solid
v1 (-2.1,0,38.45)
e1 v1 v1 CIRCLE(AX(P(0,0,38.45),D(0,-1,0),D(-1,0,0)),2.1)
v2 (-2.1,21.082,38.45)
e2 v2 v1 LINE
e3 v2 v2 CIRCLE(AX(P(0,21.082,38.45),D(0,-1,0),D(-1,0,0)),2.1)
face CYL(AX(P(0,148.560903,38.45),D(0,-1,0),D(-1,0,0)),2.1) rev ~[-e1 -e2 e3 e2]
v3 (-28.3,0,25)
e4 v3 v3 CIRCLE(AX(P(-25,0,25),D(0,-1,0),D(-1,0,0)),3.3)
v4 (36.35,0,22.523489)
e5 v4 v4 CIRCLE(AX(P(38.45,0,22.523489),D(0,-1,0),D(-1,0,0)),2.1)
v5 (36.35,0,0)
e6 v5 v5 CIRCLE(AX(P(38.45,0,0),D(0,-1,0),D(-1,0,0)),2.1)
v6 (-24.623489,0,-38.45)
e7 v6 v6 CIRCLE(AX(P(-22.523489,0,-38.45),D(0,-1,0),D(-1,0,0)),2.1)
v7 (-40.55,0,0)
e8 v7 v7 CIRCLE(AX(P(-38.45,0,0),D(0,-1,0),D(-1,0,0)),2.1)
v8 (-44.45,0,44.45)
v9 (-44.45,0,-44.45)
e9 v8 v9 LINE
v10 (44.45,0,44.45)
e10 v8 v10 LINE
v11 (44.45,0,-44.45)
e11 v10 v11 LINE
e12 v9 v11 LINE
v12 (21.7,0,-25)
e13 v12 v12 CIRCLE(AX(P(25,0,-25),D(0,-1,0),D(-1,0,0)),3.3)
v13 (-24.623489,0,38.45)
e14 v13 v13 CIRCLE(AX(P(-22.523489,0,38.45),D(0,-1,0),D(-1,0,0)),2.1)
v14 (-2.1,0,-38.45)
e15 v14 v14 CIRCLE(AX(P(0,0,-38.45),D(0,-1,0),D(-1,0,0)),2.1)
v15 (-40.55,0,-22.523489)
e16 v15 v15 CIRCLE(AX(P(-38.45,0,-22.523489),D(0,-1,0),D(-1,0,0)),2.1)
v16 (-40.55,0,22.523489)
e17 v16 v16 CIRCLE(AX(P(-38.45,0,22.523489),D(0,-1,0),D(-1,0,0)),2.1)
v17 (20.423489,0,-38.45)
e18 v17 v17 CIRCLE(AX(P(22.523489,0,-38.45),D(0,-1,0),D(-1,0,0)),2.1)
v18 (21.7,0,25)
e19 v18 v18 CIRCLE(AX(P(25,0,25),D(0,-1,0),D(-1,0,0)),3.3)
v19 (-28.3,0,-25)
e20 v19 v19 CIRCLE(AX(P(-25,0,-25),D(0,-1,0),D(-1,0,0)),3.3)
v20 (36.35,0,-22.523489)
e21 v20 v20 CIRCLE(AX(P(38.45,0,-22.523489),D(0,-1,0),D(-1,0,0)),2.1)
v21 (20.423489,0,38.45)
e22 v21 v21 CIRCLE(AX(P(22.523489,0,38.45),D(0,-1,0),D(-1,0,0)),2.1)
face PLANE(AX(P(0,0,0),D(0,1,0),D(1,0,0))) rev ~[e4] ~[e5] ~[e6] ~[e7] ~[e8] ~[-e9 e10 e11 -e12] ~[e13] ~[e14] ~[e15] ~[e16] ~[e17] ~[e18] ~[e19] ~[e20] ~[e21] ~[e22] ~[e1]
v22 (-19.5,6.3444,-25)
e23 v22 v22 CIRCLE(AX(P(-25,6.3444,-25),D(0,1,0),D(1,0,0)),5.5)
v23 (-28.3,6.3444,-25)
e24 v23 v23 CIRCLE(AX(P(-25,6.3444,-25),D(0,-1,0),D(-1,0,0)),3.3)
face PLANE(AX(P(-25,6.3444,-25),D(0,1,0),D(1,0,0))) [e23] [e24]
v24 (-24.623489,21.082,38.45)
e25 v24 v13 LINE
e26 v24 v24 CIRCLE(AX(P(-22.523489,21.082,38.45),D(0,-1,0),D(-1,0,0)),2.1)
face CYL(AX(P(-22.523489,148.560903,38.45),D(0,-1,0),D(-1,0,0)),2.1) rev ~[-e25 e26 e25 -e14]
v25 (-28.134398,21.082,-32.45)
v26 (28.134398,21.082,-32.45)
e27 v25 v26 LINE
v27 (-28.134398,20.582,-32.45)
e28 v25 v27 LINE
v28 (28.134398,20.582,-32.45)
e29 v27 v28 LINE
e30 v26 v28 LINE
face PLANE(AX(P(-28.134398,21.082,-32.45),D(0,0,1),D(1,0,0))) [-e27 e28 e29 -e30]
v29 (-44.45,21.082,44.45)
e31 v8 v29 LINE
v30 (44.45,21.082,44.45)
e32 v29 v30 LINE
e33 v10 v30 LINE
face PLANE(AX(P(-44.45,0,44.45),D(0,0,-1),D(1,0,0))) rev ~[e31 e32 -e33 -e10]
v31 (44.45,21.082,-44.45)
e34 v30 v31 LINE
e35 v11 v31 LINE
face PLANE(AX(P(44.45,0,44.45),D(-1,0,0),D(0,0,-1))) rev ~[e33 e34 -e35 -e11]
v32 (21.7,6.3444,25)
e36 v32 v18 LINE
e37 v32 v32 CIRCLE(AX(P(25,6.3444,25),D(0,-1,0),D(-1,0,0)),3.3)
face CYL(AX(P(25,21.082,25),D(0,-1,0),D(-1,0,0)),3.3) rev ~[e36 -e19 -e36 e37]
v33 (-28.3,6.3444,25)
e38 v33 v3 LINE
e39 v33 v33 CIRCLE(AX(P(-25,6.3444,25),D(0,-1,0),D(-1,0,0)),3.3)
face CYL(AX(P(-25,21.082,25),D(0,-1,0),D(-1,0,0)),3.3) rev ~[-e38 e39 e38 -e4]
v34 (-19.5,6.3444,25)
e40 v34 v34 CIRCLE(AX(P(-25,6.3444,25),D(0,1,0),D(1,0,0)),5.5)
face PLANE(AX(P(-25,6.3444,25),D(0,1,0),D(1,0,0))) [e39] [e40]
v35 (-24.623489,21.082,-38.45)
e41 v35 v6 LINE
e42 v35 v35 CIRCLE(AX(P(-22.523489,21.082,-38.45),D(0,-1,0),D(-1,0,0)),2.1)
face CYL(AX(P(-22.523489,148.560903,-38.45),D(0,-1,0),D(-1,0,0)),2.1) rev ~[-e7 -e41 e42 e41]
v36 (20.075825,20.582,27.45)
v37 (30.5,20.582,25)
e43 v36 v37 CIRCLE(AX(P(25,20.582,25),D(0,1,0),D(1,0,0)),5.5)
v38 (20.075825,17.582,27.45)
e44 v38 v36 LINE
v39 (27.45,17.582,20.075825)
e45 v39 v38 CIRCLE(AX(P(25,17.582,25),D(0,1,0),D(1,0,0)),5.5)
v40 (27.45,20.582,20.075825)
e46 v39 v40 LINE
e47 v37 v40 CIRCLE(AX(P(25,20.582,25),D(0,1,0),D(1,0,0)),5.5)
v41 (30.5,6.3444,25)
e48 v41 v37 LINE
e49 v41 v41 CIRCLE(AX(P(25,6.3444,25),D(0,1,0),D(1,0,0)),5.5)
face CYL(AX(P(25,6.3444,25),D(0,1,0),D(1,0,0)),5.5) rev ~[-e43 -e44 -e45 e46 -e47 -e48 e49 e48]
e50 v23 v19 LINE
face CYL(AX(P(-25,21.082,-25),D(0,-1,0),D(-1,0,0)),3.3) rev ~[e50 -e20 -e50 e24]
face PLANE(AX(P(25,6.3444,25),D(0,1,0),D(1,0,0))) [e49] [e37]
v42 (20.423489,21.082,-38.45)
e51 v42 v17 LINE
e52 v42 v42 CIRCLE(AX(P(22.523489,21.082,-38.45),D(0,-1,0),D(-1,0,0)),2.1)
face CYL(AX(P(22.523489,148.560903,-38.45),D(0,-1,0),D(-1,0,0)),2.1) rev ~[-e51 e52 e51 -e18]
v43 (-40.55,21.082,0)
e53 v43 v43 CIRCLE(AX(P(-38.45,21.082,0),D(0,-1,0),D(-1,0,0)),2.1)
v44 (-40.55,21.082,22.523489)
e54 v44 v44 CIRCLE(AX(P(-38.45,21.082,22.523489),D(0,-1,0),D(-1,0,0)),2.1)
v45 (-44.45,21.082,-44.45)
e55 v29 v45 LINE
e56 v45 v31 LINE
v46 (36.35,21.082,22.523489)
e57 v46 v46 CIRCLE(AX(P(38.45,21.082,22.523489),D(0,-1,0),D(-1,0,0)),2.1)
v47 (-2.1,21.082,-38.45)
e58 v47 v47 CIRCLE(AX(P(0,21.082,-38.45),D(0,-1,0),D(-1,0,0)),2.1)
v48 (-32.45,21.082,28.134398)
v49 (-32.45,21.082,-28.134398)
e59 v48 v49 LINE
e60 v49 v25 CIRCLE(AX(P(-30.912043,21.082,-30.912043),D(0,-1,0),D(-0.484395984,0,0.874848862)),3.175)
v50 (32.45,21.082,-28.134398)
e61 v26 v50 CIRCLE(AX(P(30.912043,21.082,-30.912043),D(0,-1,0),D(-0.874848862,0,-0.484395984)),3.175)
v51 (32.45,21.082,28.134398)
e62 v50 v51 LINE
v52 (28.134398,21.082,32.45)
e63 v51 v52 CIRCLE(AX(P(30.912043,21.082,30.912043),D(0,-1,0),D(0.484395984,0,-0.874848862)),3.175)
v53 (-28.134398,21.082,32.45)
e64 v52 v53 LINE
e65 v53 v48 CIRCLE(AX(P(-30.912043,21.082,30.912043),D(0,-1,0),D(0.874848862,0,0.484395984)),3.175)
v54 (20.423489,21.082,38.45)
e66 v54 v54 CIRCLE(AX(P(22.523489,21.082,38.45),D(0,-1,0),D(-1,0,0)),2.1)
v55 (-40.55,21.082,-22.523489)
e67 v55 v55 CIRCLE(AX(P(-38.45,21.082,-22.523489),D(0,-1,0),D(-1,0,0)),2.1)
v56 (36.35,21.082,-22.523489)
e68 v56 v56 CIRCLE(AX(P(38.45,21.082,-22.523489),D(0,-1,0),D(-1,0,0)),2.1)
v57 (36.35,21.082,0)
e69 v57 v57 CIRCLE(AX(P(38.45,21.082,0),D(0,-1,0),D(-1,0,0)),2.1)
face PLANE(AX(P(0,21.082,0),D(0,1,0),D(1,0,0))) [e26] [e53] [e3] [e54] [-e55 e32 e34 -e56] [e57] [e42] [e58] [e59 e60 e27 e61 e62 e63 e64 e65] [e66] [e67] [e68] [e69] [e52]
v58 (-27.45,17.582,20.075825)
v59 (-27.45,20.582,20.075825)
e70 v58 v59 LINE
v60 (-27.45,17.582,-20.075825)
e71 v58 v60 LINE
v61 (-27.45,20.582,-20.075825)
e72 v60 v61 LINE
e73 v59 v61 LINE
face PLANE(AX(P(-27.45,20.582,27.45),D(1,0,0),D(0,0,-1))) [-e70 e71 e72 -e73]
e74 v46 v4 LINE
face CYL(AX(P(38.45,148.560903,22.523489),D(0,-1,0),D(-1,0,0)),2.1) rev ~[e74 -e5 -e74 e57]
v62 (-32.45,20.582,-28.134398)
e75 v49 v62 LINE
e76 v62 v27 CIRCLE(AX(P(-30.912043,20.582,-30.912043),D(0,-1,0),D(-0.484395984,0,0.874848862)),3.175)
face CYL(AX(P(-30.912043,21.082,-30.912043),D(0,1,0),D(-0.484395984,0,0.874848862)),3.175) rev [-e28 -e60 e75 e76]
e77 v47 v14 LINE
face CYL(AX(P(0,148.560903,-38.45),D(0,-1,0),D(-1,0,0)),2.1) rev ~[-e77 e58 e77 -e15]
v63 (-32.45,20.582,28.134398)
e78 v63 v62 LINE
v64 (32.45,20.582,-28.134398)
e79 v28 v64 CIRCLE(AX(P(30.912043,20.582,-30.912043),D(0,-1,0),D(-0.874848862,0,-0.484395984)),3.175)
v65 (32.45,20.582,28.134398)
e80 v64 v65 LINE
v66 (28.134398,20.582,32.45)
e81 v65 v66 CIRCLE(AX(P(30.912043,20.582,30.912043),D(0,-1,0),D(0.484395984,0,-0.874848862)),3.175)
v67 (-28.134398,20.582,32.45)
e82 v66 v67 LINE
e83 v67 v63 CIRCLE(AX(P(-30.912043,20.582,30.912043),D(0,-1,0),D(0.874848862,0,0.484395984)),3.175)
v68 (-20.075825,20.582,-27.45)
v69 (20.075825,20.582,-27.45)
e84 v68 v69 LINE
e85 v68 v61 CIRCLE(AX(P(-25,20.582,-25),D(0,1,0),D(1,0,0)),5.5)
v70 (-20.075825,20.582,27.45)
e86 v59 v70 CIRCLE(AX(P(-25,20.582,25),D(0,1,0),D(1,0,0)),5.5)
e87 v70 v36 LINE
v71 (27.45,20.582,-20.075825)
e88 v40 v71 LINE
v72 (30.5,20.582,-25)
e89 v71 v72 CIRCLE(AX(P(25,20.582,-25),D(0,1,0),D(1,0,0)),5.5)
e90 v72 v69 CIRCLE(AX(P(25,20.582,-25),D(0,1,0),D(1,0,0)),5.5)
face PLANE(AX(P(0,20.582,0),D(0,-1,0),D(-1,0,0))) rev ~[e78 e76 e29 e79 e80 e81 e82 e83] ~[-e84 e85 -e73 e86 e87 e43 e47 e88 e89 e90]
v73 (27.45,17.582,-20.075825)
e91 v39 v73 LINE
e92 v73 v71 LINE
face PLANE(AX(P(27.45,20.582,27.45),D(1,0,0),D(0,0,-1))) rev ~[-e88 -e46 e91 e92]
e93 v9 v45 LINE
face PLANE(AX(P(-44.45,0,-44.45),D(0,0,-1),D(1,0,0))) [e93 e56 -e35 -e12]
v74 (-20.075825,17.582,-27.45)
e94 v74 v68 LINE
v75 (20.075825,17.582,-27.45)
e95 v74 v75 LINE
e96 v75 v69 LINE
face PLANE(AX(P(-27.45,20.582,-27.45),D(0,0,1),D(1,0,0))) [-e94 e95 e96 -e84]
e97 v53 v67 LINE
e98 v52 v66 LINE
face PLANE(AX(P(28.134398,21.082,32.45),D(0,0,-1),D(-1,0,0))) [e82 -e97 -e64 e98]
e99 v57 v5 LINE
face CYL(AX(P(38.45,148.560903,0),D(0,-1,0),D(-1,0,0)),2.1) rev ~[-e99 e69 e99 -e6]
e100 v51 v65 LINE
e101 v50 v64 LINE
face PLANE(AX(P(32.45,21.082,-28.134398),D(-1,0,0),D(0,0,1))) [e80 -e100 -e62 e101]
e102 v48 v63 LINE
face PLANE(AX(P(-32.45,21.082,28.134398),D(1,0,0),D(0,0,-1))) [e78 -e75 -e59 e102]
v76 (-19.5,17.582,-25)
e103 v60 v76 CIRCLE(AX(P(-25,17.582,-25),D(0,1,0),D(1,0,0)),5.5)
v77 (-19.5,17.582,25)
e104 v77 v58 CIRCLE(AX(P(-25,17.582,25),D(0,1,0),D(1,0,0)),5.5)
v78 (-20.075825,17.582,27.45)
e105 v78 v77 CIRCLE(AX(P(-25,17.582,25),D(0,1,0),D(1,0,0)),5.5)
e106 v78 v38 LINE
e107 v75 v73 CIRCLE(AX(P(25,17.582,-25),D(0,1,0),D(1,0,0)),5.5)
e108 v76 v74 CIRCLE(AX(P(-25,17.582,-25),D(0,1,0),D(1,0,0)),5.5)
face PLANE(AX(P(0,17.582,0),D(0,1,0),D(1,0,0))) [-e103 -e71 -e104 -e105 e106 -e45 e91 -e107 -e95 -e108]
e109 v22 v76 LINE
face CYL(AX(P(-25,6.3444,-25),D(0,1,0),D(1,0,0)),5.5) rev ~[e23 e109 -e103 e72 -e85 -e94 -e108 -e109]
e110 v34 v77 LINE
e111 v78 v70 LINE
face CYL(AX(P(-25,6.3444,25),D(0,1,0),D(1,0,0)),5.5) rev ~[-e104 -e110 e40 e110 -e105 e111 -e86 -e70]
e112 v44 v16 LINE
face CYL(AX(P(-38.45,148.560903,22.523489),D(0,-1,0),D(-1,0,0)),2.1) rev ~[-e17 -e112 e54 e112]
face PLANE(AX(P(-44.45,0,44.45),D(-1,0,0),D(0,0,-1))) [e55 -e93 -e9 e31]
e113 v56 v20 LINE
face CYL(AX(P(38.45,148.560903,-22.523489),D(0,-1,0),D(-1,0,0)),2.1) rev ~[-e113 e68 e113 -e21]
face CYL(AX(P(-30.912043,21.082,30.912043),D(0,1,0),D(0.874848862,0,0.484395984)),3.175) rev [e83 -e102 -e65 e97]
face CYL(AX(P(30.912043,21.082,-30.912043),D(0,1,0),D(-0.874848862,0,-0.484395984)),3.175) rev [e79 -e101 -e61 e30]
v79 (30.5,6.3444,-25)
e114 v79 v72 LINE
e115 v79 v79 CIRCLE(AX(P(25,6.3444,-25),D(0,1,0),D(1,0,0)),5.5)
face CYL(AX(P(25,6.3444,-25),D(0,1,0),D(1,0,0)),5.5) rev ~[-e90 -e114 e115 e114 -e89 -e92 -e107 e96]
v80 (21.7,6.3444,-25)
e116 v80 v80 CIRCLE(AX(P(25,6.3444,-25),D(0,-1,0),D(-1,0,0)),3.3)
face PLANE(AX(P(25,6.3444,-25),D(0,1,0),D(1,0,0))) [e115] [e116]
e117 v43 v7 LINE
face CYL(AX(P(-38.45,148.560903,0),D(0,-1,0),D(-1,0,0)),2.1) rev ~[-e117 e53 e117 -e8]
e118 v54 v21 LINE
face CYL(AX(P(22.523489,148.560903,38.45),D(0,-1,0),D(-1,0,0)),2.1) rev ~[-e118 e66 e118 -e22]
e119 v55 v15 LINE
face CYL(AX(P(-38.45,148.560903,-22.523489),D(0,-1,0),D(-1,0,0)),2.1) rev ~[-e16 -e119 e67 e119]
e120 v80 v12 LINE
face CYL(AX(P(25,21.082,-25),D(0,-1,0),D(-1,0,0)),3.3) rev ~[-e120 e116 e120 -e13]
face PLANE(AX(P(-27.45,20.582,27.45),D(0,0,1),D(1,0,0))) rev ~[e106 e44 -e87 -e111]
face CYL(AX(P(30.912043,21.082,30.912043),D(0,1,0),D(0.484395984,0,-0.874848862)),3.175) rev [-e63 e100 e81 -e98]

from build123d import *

# Parameters (mm, degrees)
SKETCH1_W                      = 88.9
SKETCH1_H                      = 88.9
BOSS_EXTRUDE1_DEPTH            = 21.082
CUT_EXTRUDE1_DEPTH             = 0.5
SKETCH3_W                      = 54.9
SKETCH3_H                      = 54.9
CUT_EXTRUDE2_DEPTH             = 3
FILLET1_R                      = 6.35
CBORE_FOR_M6_SHCS1_D           = 6.6
CBORE_FOR_M6_SHCS1_CBORE_D     = 11
CBORE_FOR_M6_SHCS1_CBORE_DEPTH = 14.7376
M5X0_8_TAPPED_HOLE1_D          = 4.2


with BuildPart() as part:
    # Sketch1 → Boss-Extrude1 (new body)
    with BuildSketch(Plane(origin=(0, 0, 0), x_dir=(1, 0, 0), z_dir=(0, 1, 0))):
        Rectangle(SKETCH1_W, SKETCH1_H)
    extrude(amount=BOSS_EXTRUDE1_DEPTH)

    # Sketch2 → Cut-Extrude1 (cut)
    with BuildSketch(Plane(origin=(0, 21.082, 0), x_dir=(1, 0, 0), z_dir=(0, 1, 0))):
        with BuildLine():
            Line((28.134397615, -32.45), (-28.134397615, -32.45))
            ThreePointArc((-28.134397615, -32.45), (-33.157106781, -33.157106781), (-32.45, -28.134397615))
            Line((-32.45, -28.134397615), (-32.45, 28.134397615))
            ThreePointArc((-32.45, 28.134397615), (-33.157106781, 33.157106781), (-28.134397615, 32.45))
            Line((-28.134397615, 32.45), (28.134397615, 32.45))
            ThreePointArc((28.134397615, 32.45), (33.157106781, 33.157106781), (32.45, 28.134397615))
            Line((32.45, 28.134397615), (32.45, -28.134397615))
            ThreePointArc((32.45, -28.134397615), (33.157106781, -33.157106781), (28.134397615, -32.45))
        make_face()
    extrude(amount=-CUT_EXTRUDE1_DEPTH, mode=Mode.SUBTRACT)

    # Sketch3 → Cut-Extrude2 (cut)
    with BuildSketch(Plane(origin=(0, 20.582, 0), x_dir=(1, 0, 0), z_dir=(0, 1, 0))):
        Rectangle(SKETCH3_W, SKETCH3_H)
    extrude(amount=-CUT_EXTRUDE2_DEPTH, mode=Mode.SUBTRACT)

    # Fillet1
    fillet1_edges = [part.edges().sort_by_distance(p)[0] for p in [
        (27.45, 19.082, 27.45),
        (-27.45, 19.082, 27.45),
        (-27.45, 19.082, -27.45),
        (27.45, 19.082, -27.45),
    ]]
    fillet(fillet1_edges, radius=FILLET1_R)

    # CBORE for M6 SHCS1 (through all)
    with Locations(Plane(origin=(0, 21.082, 0), x_dir=(1, 0, 0), z_dir=(0, 1, 0))):
        with Locations((-25, 25), (25, 25), (25, -25), (-25, -25)):
            CounterBoreHole(CBORE_FOR_M6_SHCS1_D / 2, CBORE_FOR_M6_SHCS1_CBORE_D / 2, CBORE_FOR_M6_SHCS1_CBORE_DEPTH)

    # M5x0.8 Tapped Hole1 (through all)
    with Locations(Plane(origin=(0, 21.082, 0), x_dir=(1, 0, 0), z_dir=(0, 1, 0))):
        with Locations((-38.45, 22.523488527), (-38.45, 0), (-38.45, -22.523488527), (-22.523488527, -38.45), (0, -38.45), (22.523488527, -38.45), (38.45, -22.523488527), (38.45, 0), (38.45, 22.523488527), (22.523488527, 38.45), (0, 38.45), (-22.523488527, 38.45)):
            Hole(M5X0_8_TAPPED_HOLE1_D / 2)


solid = part.part
